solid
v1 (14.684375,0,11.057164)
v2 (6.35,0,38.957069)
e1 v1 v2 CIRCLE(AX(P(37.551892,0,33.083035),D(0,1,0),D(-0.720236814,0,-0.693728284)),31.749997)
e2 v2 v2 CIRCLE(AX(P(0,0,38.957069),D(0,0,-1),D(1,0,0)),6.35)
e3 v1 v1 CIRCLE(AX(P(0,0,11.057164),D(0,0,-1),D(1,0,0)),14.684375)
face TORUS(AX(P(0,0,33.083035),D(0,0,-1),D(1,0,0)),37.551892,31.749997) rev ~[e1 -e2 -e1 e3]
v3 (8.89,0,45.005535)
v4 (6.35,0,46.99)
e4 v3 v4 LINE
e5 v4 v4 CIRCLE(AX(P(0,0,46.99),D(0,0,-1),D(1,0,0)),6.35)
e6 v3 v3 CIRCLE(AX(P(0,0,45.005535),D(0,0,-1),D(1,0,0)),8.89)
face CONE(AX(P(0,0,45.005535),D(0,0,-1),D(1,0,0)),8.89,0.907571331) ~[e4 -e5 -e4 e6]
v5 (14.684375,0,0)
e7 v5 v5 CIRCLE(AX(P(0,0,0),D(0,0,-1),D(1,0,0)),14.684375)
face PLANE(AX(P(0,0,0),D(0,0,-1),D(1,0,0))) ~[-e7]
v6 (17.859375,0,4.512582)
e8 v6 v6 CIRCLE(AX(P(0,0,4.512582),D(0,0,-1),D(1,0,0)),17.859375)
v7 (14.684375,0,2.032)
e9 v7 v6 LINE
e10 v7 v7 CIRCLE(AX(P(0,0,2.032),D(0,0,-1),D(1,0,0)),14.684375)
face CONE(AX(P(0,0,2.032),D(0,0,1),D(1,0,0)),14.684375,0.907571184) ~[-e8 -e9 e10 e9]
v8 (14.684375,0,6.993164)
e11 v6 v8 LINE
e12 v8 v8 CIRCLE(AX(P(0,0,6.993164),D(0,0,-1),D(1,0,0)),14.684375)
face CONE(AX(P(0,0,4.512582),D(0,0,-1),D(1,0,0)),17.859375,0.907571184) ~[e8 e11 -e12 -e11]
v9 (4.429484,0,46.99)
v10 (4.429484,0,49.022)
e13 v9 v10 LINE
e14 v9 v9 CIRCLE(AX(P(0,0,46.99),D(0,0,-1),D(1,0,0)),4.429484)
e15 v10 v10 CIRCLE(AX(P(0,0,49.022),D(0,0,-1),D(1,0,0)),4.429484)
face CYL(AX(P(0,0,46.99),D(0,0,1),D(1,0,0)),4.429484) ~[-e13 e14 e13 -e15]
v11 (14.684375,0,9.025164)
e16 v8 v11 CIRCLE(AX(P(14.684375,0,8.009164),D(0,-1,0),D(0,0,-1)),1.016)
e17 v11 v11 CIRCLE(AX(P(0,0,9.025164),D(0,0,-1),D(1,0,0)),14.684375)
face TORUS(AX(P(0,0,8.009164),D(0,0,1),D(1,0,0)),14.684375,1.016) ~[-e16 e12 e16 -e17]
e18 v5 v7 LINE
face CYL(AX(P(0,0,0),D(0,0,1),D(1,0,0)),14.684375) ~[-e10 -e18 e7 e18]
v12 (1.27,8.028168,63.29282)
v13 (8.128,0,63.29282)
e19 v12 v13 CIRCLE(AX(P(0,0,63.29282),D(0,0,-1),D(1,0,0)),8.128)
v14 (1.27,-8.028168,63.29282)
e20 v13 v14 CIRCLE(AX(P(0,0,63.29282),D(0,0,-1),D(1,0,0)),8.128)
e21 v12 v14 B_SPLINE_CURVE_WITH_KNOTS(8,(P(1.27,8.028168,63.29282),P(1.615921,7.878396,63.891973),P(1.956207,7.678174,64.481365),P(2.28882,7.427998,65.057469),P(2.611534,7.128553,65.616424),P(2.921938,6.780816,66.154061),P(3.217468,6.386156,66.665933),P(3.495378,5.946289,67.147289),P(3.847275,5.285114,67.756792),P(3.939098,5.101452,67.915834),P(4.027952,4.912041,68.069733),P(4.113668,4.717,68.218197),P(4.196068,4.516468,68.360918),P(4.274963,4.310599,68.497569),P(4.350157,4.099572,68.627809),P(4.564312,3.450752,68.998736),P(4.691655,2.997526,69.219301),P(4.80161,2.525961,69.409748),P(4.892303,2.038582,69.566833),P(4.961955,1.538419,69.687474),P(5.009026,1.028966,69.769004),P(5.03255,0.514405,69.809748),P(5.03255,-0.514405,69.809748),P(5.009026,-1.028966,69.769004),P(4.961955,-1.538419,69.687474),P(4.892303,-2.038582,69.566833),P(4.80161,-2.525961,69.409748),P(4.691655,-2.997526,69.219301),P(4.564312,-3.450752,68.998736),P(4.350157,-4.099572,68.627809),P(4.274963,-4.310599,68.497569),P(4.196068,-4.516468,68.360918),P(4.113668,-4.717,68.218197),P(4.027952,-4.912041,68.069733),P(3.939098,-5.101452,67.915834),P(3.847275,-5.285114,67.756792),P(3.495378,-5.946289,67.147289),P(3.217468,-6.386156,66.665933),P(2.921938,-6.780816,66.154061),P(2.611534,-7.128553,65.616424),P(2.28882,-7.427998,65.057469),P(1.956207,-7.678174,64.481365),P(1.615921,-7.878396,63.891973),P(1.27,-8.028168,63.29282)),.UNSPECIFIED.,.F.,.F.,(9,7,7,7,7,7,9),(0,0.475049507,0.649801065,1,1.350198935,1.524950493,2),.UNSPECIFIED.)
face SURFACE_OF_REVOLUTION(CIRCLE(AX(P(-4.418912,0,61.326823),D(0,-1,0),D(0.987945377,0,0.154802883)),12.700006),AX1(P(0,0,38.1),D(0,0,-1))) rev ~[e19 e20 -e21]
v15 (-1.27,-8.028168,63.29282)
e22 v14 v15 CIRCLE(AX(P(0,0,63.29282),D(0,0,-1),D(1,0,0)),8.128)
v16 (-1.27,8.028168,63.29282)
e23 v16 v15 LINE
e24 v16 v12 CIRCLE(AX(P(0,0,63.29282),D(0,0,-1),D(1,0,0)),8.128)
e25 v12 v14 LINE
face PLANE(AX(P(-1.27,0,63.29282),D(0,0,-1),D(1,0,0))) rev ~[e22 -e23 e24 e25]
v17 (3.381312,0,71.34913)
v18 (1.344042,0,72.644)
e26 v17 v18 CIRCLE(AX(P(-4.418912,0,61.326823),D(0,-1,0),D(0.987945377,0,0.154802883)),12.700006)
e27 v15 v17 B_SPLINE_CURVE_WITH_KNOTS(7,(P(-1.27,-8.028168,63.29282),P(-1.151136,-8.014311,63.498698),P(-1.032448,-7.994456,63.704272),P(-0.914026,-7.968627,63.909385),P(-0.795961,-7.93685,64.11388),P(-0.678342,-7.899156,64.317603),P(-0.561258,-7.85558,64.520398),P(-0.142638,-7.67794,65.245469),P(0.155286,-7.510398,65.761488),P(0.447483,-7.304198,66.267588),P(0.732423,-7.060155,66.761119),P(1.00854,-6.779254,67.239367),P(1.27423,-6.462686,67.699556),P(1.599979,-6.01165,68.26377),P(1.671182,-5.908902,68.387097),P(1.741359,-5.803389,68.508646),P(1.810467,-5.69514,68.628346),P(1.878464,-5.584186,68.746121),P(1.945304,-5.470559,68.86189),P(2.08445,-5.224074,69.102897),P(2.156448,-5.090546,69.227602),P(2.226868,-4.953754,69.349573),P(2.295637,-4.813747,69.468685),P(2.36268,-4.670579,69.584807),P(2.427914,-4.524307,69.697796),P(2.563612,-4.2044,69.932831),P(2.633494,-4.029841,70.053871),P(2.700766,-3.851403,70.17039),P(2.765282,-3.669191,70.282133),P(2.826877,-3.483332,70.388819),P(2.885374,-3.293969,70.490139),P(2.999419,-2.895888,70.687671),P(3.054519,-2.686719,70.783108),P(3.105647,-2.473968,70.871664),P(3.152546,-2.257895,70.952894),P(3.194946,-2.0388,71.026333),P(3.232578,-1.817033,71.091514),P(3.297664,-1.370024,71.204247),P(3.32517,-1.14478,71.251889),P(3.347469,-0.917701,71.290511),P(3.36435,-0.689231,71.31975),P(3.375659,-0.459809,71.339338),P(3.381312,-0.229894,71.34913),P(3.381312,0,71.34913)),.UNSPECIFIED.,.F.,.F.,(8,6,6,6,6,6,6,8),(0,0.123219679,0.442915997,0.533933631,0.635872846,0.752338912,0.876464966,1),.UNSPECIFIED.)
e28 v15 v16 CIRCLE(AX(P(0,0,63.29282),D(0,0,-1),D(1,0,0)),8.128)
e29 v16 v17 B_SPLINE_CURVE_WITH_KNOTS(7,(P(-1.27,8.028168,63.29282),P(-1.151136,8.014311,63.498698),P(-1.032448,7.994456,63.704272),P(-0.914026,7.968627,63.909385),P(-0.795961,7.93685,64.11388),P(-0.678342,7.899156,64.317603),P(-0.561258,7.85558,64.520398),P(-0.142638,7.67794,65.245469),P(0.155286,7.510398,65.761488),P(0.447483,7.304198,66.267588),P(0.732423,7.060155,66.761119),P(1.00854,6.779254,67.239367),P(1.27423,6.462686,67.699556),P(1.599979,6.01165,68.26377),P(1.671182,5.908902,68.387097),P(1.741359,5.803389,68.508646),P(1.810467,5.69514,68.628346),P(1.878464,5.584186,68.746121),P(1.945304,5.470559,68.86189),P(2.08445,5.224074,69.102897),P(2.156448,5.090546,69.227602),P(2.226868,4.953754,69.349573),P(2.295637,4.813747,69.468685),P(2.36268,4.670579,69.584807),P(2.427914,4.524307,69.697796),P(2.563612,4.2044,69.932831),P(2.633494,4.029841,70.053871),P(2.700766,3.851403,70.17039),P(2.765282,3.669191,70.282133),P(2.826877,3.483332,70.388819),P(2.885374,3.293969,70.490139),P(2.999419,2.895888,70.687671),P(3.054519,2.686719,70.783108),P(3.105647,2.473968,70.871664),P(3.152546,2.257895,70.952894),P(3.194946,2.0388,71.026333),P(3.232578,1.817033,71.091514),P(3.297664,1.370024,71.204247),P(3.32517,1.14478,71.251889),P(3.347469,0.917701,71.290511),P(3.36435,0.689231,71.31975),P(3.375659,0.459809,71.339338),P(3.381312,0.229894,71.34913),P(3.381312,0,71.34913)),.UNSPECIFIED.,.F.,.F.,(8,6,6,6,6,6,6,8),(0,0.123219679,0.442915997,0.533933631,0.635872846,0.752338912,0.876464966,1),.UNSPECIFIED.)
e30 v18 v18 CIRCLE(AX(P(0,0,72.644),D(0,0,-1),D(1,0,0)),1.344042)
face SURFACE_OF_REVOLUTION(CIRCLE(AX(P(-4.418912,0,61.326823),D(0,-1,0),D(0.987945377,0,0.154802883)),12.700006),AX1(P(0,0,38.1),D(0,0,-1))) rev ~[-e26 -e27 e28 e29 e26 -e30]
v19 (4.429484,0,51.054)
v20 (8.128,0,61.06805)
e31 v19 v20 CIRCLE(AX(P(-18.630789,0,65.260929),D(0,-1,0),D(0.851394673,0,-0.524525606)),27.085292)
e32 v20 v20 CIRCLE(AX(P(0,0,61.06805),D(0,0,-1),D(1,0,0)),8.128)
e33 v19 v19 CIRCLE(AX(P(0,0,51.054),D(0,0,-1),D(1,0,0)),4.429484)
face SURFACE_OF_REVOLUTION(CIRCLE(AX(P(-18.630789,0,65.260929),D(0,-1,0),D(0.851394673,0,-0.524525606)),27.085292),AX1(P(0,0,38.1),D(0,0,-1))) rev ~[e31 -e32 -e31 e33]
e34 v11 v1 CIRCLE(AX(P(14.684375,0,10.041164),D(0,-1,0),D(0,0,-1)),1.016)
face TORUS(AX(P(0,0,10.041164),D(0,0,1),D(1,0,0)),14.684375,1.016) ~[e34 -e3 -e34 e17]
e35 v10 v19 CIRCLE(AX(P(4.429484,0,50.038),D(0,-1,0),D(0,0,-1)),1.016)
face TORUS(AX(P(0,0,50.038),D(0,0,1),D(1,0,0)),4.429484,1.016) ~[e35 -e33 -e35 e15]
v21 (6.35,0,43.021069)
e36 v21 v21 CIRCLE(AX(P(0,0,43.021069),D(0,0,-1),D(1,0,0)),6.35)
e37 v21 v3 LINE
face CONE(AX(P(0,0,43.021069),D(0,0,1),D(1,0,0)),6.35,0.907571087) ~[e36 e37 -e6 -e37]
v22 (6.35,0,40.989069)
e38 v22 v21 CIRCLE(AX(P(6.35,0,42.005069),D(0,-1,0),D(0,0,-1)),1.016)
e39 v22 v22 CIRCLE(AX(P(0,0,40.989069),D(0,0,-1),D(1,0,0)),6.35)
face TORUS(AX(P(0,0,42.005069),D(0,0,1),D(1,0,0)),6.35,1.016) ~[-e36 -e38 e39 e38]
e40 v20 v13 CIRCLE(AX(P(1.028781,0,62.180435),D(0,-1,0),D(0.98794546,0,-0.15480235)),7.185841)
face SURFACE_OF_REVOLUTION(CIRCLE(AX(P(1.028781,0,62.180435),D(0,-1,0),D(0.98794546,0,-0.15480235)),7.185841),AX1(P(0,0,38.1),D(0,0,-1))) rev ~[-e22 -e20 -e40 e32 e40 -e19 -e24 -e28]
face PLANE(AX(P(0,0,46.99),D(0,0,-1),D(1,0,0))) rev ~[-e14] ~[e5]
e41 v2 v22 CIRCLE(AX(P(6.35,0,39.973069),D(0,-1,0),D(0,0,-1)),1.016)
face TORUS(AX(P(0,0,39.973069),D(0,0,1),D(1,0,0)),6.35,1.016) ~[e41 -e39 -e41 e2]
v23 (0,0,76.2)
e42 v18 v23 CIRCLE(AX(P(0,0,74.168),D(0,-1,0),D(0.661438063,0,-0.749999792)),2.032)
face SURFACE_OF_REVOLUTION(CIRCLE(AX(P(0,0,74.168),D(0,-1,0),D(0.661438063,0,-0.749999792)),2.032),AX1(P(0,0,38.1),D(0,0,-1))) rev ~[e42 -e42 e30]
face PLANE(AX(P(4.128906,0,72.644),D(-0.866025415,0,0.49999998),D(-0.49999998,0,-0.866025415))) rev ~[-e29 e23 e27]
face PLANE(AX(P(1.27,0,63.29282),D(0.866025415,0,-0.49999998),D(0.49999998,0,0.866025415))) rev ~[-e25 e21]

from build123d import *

# Parameters (mm, degrees)
F3_DEPTH = 12.7


with BuildPart() as f1:
    # F0 (on Front) → F1 (revolve)
    with BuildSketch(Plane.XZ):
        with BuildLine():
            ThreePointArc((1.344042, 72.644), (1.900762, 74.88642), (0, 76.2))
            Line((0, 76.2), (0, 0))
            Line((0, 0), (14.684375, 0))
            Line((14.684375, 0), (14.684375, 2.032))
            Line((14.684375, 2.032), (17.859375, 4.512582))
            Line((17.859375, 4.512582), (14.684375, 6.993164))
            ThreePointArc((14.684375, 6.993164), (15.700375, 8.009164), (14.684375, 9.025164))
            ThreePointArc((14.684375, 9.025164), (15.700375, 10.041164), (14.684375, 11.057164))
            ThreePointArc((14.684375, 11.057164), (7.130248, 23.995356), (6.35, 38.957069))
            ThreePointArc((6.35, 38.957069), (7.366, 39.973069), (6.35, 40.989069))
            ThreePointArc((6.35, 40.989069), (7.366, 42.005069), (6.35, 43.021069))
            Line((6.35, 43.021069), (8.89, 45.005535))
            Line((8.89, 45.005535), (6.35, 46.99))
            Line((6.35, 46.99), (4.429484, 46.99))
            Line((4.429484, 46.99), (4.429484, 49.022))
            ThreePointArc((4.429484, 49.022), (5.445484, 50.038), (4.429484, 51.054))
            ThreePointArc((4.429484, 51.054), (6.776986, 55.877007), (8.128, 61.06805))
            ThreePointArc((8.128, 61.06805), (8.214622, 62.180435), (8.128, 63.29282))
            ThreePointArc((8.128, 63.29282), (5.860871, 68.78445), (1.344042, 72.644))
        make_face()
    revolve(axis=Axis((0, 0, 38.1), (0, 0, -1)))

    # F2 (on Front) → F3 (cut, symmetric)
    with BuildSketch(Plane.XZ):
        Polygon((4.128906, 72.644), (-1.27, 63.29282), (1.27, 63.29282), (6.668906, 72.644), align=None)
    extrude(amount=F3_DEPTH, both=True, mode=Mode.SUBTRACT)


solid = f1.part
